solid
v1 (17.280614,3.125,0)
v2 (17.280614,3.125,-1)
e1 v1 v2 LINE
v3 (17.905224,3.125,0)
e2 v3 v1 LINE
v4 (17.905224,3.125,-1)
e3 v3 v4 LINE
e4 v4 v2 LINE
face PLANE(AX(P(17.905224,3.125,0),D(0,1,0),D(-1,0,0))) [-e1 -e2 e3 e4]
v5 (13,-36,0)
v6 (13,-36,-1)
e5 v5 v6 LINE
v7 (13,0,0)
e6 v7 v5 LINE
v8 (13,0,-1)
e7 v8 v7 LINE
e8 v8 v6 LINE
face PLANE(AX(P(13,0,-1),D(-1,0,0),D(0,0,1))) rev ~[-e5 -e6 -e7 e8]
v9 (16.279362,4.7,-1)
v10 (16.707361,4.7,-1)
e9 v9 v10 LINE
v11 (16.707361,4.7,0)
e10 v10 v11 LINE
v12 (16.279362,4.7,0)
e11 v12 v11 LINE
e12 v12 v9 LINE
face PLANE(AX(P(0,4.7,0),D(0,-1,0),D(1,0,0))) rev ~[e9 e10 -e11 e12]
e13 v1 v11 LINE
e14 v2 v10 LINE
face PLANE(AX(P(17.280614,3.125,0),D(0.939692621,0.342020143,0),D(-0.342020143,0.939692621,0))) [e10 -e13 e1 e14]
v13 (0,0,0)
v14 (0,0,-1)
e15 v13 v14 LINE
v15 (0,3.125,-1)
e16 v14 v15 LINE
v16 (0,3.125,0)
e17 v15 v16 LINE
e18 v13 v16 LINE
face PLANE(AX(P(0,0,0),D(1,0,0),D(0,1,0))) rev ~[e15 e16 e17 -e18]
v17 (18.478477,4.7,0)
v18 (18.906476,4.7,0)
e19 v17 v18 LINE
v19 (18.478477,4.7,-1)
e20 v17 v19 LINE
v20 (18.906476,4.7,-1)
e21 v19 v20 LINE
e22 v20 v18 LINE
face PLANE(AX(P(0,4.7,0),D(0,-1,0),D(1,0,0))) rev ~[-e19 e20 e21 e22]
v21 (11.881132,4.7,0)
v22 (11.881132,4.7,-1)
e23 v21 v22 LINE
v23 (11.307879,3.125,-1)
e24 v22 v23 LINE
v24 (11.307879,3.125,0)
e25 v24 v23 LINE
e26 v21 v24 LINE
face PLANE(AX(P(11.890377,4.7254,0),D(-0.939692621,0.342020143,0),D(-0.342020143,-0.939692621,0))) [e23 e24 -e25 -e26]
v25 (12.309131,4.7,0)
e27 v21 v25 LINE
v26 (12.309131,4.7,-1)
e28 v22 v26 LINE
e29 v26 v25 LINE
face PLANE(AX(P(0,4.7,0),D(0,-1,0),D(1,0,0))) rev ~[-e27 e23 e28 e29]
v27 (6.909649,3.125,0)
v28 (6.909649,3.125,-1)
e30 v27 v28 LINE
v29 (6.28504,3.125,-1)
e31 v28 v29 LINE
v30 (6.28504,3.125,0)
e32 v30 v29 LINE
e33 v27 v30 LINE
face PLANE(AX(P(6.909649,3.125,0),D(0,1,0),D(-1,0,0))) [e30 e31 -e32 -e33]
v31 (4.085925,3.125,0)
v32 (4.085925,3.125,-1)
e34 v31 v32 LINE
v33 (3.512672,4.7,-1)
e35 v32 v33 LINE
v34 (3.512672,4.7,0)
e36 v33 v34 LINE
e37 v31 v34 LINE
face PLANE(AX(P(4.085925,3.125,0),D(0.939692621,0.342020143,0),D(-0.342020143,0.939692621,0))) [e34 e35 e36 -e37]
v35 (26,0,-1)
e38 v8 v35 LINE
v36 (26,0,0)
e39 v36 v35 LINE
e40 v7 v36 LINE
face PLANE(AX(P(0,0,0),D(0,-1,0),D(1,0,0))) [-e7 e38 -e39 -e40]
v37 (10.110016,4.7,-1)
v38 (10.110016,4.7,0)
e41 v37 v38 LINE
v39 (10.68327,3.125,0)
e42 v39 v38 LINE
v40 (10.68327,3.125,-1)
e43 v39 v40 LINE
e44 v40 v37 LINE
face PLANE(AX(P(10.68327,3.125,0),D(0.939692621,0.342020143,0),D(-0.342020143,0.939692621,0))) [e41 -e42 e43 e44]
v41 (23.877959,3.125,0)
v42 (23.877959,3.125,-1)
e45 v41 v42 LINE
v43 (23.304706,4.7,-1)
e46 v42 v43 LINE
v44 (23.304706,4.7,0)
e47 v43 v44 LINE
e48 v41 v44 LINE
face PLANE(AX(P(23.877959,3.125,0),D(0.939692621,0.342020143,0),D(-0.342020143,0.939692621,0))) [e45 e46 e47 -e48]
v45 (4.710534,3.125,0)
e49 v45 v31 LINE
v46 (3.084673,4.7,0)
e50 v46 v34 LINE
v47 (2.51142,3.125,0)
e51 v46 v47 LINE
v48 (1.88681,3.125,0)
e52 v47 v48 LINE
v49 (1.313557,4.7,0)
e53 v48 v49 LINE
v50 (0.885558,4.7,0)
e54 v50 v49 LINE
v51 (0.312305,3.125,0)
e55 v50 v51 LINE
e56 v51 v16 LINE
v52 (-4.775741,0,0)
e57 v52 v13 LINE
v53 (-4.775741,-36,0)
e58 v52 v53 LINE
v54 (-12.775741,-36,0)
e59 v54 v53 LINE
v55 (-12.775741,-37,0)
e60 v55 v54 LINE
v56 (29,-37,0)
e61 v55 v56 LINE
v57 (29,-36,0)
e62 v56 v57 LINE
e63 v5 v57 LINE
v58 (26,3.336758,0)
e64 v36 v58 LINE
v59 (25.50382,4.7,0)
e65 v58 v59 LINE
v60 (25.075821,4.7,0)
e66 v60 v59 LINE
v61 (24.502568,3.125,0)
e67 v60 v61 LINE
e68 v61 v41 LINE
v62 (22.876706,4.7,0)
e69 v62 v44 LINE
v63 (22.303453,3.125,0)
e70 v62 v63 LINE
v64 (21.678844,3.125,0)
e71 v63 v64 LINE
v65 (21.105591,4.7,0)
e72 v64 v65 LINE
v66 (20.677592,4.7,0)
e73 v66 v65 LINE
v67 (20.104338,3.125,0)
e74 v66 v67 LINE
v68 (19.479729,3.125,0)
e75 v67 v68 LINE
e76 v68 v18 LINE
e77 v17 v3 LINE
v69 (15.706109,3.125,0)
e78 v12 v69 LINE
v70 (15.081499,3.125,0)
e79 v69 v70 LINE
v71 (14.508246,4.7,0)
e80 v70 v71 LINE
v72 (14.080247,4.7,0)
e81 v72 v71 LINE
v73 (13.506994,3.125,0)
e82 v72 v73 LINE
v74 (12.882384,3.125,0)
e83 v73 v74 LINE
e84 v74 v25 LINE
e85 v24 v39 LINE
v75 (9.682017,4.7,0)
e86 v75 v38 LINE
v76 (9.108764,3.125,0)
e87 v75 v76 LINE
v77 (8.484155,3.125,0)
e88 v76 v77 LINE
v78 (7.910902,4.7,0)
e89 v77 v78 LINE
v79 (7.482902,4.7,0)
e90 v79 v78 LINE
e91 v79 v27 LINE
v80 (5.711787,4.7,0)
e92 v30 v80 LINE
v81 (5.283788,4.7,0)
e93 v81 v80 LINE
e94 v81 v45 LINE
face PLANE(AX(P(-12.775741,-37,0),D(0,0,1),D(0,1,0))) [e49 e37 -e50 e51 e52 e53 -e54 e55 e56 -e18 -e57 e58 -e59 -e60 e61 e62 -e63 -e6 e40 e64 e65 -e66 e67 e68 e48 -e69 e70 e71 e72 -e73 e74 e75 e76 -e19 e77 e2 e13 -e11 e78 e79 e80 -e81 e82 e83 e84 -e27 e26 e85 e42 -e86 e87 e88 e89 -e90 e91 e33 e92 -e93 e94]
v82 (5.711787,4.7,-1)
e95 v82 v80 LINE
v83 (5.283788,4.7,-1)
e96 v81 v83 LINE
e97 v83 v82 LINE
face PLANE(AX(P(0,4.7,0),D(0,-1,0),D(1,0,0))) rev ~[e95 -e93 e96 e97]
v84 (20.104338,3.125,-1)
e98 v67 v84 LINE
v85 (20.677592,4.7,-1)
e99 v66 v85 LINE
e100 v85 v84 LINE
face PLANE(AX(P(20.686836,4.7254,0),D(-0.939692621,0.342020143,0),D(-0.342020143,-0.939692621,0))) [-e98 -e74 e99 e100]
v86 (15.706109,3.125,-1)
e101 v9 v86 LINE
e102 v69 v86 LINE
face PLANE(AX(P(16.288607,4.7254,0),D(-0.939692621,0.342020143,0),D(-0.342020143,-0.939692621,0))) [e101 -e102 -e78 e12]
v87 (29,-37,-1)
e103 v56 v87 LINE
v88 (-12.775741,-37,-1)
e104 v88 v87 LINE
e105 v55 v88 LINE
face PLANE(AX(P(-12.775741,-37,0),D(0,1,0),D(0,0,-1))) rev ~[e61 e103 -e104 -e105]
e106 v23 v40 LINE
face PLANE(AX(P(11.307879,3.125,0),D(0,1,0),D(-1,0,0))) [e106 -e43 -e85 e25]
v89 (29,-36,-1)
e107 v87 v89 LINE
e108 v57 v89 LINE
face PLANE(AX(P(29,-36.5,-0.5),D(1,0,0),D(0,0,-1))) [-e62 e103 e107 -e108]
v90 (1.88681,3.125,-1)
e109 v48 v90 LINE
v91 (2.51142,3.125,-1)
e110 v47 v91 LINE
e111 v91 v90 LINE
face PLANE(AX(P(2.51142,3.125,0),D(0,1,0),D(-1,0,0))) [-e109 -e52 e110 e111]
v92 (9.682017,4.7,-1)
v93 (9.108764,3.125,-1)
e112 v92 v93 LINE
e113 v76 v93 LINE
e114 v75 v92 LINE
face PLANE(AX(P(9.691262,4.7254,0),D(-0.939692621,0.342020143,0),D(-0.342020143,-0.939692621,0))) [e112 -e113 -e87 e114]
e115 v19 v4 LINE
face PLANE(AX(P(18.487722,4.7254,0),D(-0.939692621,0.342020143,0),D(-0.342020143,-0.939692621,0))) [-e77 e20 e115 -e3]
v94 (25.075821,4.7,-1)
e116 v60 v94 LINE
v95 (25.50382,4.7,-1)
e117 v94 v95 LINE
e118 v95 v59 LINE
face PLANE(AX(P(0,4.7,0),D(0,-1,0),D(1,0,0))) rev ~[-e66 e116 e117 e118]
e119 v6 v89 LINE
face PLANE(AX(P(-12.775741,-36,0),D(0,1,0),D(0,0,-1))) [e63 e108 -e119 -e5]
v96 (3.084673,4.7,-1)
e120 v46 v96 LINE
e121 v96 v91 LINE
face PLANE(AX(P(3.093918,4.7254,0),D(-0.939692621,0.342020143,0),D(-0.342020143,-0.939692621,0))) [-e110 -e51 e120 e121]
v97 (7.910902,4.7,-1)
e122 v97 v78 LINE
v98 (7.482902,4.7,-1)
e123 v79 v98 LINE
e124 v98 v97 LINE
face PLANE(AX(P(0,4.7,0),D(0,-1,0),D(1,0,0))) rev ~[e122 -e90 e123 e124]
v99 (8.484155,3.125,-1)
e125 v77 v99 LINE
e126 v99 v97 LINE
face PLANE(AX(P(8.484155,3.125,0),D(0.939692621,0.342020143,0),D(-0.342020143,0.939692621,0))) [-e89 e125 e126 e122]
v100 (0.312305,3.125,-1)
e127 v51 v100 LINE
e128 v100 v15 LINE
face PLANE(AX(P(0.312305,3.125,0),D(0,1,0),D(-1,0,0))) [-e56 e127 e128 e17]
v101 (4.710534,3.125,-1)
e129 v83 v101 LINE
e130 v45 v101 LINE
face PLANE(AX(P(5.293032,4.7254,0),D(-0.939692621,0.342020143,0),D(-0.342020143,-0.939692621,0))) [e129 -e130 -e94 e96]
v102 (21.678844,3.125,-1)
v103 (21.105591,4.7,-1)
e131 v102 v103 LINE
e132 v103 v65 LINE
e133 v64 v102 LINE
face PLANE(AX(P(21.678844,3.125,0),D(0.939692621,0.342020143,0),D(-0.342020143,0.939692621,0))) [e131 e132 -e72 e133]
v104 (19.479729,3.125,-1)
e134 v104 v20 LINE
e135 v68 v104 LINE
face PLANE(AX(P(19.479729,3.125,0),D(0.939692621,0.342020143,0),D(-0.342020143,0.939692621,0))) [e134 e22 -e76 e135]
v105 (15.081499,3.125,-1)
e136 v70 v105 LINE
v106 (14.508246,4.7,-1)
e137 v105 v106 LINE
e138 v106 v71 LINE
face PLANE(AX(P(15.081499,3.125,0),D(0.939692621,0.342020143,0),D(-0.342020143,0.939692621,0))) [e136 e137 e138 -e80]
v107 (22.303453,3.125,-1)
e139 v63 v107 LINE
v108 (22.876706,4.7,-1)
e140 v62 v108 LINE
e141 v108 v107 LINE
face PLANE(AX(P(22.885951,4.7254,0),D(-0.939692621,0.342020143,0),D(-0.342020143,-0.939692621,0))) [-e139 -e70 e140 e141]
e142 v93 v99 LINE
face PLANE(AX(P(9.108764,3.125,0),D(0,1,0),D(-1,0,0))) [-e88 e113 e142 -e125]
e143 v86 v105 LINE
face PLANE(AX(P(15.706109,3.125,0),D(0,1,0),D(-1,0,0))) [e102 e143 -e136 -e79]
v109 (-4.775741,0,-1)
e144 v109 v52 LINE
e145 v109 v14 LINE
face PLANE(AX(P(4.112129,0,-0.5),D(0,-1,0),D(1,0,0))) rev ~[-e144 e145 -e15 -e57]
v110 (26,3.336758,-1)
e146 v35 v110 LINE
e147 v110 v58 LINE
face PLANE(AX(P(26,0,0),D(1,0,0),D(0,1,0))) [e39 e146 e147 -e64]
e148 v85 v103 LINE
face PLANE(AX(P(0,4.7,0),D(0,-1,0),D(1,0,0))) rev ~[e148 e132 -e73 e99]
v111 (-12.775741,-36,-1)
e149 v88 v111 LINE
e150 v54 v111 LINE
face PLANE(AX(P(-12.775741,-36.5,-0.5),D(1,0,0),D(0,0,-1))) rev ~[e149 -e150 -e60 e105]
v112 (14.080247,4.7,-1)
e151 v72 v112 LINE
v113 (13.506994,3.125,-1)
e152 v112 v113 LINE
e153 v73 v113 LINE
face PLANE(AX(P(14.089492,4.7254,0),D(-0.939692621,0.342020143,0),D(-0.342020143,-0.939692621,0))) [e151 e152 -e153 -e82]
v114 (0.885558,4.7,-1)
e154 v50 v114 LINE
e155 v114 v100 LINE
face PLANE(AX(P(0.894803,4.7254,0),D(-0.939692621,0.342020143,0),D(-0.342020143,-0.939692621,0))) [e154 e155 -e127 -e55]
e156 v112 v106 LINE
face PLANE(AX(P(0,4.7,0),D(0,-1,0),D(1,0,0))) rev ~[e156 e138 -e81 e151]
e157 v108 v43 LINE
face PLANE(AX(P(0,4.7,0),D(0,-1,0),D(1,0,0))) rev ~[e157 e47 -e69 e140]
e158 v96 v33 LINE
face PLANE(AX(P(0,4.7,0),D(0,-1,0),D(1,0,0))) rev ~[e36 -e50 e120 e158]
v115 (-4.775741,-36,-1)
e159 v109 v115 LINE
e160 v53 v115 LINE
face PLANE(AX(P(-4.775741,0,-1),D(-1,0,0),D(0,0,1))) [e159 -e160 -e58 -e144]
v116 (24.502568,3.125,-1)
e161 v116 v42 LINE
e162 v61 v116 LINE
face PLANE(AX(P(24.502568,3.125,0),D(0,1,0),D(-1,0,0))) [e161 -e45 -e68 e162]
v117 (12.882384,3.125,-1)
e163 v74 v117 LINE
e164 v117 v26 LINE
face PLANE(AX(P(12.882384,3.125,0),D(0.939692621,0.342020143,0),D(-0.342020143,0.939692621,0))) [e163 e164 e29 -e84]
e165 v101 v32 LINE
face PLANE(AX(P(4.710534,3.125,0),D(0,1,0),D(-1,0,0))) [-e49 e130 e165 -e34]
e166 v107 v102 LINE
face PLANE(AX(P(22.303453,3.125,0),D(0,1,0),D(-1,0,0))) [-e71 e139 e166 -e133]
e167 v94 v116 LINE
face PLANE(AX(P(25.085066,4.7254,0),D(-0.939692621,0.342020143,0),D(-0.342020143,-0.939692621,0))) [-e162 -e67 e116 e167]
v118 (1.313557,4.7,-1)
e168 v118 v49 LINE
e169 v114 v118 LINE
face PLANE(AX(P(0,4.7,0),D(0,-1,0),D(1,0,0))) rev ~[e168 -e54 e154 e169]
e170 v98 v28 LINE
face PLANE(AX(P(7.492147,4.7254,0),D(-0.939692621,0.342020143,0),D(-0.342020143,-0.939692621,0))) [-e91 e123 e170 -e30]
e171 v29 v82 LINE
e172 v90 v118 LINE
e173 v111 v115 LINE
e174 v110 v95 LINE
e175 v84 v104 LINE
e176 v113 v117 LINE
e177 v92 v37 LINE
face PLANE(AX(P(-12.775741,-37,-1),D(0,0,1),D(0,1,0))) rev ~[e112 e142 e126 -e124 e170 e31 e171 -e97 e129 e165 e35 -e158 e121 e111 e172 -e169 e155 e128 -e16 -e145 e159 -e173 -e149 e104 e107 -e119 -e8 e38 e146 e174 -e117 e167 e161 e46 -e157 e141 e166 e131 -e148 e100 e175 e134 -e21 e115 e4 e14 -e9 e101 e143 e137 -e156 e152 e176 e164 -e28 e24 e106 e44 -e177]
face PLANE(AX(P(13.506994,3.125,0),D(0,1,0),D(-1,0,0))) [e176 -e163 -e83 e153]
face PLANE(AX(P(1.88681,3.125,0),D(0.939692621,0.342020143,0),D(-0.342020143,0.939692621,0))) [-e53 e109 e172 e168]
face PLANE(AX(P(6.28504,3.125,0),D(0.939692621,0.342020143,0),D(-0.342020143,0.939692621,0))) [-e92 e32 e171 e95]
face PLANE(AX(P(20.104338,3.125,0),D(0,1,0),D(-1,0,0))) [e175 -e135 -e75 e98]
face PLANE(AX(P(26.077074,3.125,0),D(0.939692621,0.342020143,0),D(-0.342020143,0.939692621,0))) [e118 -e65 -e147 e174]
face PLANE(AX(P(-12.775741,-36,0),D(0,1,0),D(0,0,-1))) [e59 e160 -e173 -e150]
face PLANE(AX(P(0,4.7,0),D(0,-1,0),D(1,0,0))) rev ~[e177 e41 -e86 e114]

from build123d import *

# Parameters (mm, degrees)
BLANKSKE_W               = 26
BLANKSKE_H               = 4.7
BLANK_DEPTH              = 1
TOOTHCUTSIM_DEPTH        = 27.440310134
TEETHCUTS_COUNT          = 13
TEETHCUTS_PITCH          = 2.199114855
SKETCH3_W                = 17.77574145
SKETCH3_H                = 1
BOSS_EXTRUDE2_DEPTH      = 37
BOSS_EXTRUDE3_DEPTH      = 16
BOSS_EXTRUDE3_DEPTH_BACK = 25.775741
SKETCH4_W                = 1
SKETCH4_H                = 1


with BuildPart() as part:
    # BlankSke → Blank (new body)
    with BuildSketch(Plane.XY):
        with Locations((13, 2.35)):
            Rectangle(BLANKSKE_W, BLANKSKE_H)
    extrude(amount=-BLANK_DEPTH)

    # TooCutSkeSim → ToothCutSim (cut, through all)
    with BuildSketch(Plane.XY):
        Polygon((0.312304759, 3.125), (-0.312304759, 3.125), (-0.894802722, 4.7254), (0.894802722, 4.7254), align=None)
    toothcutsim = extrude(amount=-TOOTHCUTSIM_DEPTH, mode=Mode.SUBTRACT)

    # TeethCuts: ToothCutSim ×13
    with Locations(*[(i * TEETHCUTS_PITCH, 0, 0) for i in range(1, TEETHCUTS_COUNT)]):
        add(toothcutsim, mode=Mode.SUBTRACT)

    # Sketch3 → Boss-Extrude2 (add)
    with BuildSketch(Plane.XZ):
        with Locations((4.112129275, -0.5)):
            Rectangle(SKETCH3_W, SKETCH3_H)
    extrude(amount=BOSS_EXTRUDE2_DEPTH)

    # Sketch4 → Boss-Extrude3 (add, two sides: drawn at the far end of the back side and taken through both)
    with BuildSketch(Plane(origin=(13, 0, 0), x_dir=(0, 0, -1), z_dir=(1, 0, 0)).offset(-BOSS_EXTRUDE3_DEPTH_BACK)):
        with Locations((0.5, -36.5)):
            Rectangle(SKETCH4_W, SKETCH4_H)
    extrude(amount=BOSS_EXTRUDE3_DEPTH + BOSS_EXTRUDE3_DEPTH_BACK)


solid = part.part
